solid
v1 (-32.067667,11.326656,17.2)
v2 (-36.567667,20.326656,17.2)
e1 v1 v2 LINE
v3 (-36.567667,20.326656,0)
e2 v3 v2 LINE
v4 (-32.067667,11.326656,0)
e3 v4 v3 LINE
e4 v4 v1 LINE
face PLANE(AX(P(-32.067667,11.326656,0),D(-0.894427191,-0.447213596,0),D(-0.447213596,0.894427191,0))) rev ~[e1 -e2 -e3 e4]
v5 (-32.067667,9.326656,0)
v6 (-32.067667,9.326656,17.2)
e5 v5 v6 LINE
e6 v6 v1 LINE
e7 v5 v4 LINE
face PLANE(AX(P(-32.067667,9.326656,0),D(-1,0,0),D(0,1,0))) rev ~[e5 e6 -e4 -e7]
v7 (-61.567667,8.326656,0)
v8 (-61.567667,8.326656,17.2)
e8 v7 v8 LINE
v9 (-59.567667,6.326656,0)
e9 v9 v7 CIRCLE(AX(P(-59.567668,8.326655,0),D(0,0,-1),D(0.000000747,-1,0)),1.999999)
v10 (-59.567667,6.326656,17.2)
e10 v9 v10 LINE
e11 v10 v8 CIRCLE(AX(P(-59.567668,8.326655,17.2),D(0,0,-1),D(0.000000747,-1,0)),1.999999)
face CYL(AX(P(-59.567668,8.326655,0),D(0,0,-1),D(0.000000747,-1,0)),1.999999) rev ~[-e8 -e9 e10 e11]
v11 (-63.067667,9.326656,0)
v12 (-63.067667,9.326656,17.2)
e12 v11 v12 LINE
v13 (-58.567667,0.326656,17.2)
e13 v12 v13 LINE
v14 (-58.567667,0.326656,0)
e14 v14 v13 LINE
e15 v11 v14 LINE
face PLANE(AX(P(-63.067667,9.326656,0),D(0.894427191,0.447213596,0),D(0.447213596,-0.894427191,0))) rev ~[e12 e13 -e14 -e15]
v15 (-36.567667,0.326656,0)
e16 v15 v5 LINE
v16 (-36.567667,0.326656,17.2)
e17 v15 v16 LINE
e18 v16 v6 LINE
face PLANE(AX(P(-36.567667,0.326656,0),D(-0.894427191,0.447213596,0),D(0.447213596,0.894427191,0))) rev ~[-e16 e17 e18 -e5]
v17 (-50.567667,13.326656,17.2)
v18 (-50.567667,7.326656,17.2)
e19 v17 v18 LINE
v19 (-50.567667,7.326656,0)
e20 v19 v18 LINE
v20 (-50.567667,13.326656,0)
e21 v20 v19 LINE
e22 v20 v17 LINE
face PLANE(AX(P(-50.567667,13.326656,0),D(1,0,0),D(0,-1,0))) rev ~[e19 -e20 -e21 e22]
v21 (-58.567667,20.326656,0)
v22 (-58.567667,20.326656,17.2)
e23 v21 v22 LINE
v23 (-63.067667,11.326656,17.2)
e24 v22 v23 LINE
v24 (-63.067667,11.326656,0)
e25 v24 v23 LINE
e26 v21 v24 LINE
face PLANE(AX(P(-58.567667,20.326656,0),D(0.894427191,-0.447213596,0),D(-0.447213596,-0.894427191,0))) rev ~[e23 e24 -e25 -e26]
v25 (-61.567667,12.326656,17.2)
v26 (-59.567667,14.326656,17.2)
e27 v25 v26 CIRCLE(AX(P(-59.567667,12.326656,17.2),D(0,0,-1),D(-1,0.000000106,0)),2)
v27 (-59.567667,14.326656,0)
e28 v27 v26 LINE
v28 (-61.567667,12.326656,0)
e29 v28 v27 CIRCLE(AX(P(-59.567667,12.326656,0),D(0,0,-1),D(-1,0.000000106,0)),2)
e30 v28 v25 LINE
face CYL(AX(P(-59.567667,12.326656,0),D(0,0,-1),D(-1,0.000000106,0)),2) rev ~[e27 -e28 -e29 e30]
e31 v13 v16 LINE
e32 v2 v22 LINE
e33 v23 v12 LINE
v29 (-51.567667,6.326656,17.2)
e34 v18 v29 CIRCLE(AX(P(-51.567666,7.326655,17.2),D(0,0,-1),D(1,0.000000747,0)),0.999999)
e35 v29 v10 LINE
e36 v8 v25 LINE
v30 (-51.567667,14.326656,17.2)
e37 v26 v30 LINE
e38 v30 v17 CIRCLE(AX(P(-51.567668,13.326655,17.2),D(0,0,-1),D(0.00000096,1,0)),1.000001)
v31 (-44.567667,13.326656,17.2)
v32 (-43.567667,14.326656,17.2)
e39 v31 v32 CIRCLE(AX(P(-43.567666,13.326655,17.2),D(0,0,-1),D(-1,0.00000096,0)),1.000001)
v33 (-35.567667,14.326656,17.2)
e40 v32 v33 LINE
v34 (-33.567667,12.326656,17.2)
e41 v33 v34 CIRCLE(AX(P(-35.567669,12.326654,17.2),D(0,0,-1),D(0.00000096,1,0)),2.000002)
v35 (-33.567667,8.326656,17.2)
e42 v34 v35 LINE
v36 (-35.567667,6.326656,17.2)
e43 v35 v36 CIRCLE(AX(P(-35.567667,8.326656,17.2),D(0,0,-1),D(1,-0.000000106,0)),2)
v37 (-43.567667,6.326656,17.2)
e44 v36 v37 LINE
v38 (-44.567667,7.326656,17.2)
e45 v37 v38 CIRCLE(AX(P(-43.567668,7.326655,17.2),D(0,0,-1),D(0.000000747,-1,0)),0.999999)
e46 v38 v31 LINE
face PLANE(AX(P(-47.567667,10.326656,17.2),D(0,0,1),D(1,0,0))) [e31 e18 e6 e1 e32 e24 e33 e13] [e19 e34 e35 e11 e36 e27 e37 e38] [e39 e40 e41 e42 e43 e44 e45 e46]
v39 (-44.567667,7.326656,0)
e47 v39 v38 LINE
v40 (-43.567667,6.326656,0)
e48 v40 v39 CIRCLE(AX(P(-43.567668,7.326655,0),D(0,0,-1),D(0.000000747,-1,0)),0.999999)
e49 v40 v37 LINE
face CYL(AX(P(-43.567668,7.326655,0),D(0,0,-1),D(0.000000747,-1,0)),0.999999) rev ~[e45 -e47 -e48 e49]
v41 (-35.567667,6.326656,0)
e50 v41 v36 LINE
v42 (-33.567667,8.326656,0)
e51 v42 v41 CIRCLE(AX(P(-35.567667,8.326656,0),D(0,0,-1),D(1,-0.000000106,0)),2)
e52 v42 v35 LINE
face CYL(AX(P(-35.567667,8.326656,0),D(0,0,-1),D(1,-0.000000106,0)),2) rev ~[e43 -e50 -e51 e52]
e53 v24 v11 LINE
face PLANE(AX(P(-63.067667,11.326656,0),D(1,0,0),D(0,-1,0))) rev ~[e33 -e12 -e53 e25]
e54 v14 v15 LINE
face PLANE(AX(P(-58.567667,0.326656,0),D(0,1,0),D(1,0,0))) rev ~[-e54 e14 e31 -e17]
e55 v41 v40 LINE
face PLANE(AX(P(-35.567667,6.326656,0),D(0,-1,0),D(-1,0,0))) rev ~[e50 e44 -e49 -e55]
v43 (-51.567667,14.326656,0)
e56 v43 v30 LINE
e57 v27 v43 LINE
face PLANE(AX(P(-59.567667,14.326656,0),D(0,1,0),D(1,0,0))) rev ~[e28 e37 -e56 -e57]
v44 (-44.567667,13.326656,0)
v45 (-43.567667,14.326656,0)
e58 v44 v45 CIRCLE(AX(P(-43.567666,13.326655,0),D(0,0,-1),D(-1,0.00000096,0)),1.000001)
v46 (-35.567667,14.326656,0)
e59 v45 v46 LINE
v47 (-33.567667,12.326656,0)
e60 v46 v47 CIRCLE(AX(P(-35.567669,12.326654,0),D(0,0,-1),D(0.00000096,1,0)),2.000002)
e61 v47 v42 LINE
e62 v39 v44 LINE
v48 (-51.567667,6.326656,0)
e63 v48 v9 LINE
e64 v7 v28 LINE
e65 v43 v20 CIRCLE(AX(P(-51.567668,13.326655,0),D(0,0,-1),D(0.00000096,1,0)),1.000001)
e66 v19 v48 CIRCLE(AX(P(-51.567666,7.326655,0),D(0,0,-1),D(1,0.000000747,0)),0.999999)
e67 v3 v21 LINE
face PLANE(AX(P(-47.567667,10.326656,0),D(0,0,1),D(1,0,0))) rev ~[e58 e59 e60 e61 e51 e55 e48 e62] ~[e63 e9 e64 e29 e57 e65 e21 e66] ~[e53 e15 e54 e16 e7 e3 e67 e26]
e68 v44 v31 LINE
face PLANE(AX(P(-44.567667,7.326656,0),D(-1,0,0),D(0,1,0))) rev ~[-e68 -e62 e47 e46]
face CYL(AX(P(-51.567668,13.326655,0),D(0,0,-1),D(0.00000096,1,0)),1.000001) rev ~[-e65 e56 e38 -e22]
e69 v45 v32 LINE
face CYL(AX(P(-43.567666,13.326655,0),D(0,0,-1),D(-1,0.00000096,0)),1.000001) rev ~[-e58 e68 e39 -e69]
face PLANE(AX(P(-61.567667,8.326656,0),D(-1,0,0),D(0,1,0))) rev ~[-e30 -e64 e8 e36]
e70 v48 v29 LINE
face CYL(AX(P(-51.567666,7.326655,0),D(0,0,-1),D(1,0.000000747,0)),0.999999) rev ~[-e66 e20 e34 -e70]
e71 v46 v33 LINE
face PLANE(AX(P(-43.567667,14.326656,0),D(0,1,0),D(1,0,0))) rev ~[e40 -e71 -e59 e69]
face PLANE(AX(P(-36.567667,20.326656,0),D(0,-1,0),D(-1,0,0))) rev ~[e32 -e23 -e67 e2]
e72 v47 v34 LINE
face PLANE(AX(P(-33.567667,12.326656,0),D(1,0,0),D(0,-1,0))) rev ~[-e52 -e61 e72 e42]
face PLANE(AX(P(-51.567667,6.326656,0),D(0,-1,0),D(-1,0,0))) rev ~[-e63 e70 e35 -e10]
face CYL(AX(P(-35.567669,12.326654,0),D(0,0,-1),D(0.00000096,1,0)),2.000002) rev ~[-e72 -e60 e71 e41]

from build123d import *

# Parameters (mm, degrees)
F1_DEPTH = 17.2


with BuildPart() as f1:
    # F0 (on Top) → F1 (new body)
    with BuildSketch(Plane.XY):
        Polygon((-63.067667, 11.326656), (-63.067667, 9.326656), (-58.567667, 0.326656), (-36.567667, 0.326656), (-32.067667, 9.326656), (-32.067667, 11.326656), (-36.567667, 20.326656), (-58.567667, 20.326656), align=None)
        with BuildLine():
            Line((-59.567667, 14.326656), (-51.567667, 14.326656))
            ThreePointArc((-51.567667, 14.326656), (-50.86056, 14.033762), (-50.567667, 13.326656))
            Line((-50.567667, 13.326656), (-50.567667, 7.326656))
            ThreePointArc((-50.567667, 7.326656), (-50.86056, 6.619549), (-51.567667, 6.326656))
            Line((-51.567667, 6.326656), (-59.567667, 6.326656))
            ThreePointArc((-59.567667, 6.326656), (-60.981881, 6.912442), (-61.567667, 8.326656))
            Line((-61.567667, 8.326656), (-61.567667, 12.326656))
            ThreePointArc((-61.567667, 12.326656), (-60.981881, 13.740869), (-59.567667, 14.326656))
        make_face(mode=Mode.SUBTRACT)
        with BuildLine():
            ThreePointArc((-35.567667, 14.326656), (-34.153454, 13.740869), (-33.567667, 12.326656))
            Line((-33.567667, 12.326656), (-33.567667, 8.326656))
            ThreePointArc((-33.567667, 8.326656), (-34.153454, 6.912442), (-35.567667, 6.326656))
            Line((-35.567667, 6.326656), (-43.567667, 6.326656))
            ThreePointArc((-43.567667, 6.326656), (-44.274774, 6.619549), (-44.567667, 7.326656))
            Line((-44.567667, 7.326656), (-44.567667, 13.326656))
            ThreePointArc((-44.567667, 13.326656), (-44.274774, 14.033762), (-43.567667, 14.326656))
            Line((-43.567667, 14.326656), (-35.567667, 14.326656))
        make_face(mode=Mode.SUBTRACT)
    extrude(amount=F1_DEPTH)


solid = f1.part
